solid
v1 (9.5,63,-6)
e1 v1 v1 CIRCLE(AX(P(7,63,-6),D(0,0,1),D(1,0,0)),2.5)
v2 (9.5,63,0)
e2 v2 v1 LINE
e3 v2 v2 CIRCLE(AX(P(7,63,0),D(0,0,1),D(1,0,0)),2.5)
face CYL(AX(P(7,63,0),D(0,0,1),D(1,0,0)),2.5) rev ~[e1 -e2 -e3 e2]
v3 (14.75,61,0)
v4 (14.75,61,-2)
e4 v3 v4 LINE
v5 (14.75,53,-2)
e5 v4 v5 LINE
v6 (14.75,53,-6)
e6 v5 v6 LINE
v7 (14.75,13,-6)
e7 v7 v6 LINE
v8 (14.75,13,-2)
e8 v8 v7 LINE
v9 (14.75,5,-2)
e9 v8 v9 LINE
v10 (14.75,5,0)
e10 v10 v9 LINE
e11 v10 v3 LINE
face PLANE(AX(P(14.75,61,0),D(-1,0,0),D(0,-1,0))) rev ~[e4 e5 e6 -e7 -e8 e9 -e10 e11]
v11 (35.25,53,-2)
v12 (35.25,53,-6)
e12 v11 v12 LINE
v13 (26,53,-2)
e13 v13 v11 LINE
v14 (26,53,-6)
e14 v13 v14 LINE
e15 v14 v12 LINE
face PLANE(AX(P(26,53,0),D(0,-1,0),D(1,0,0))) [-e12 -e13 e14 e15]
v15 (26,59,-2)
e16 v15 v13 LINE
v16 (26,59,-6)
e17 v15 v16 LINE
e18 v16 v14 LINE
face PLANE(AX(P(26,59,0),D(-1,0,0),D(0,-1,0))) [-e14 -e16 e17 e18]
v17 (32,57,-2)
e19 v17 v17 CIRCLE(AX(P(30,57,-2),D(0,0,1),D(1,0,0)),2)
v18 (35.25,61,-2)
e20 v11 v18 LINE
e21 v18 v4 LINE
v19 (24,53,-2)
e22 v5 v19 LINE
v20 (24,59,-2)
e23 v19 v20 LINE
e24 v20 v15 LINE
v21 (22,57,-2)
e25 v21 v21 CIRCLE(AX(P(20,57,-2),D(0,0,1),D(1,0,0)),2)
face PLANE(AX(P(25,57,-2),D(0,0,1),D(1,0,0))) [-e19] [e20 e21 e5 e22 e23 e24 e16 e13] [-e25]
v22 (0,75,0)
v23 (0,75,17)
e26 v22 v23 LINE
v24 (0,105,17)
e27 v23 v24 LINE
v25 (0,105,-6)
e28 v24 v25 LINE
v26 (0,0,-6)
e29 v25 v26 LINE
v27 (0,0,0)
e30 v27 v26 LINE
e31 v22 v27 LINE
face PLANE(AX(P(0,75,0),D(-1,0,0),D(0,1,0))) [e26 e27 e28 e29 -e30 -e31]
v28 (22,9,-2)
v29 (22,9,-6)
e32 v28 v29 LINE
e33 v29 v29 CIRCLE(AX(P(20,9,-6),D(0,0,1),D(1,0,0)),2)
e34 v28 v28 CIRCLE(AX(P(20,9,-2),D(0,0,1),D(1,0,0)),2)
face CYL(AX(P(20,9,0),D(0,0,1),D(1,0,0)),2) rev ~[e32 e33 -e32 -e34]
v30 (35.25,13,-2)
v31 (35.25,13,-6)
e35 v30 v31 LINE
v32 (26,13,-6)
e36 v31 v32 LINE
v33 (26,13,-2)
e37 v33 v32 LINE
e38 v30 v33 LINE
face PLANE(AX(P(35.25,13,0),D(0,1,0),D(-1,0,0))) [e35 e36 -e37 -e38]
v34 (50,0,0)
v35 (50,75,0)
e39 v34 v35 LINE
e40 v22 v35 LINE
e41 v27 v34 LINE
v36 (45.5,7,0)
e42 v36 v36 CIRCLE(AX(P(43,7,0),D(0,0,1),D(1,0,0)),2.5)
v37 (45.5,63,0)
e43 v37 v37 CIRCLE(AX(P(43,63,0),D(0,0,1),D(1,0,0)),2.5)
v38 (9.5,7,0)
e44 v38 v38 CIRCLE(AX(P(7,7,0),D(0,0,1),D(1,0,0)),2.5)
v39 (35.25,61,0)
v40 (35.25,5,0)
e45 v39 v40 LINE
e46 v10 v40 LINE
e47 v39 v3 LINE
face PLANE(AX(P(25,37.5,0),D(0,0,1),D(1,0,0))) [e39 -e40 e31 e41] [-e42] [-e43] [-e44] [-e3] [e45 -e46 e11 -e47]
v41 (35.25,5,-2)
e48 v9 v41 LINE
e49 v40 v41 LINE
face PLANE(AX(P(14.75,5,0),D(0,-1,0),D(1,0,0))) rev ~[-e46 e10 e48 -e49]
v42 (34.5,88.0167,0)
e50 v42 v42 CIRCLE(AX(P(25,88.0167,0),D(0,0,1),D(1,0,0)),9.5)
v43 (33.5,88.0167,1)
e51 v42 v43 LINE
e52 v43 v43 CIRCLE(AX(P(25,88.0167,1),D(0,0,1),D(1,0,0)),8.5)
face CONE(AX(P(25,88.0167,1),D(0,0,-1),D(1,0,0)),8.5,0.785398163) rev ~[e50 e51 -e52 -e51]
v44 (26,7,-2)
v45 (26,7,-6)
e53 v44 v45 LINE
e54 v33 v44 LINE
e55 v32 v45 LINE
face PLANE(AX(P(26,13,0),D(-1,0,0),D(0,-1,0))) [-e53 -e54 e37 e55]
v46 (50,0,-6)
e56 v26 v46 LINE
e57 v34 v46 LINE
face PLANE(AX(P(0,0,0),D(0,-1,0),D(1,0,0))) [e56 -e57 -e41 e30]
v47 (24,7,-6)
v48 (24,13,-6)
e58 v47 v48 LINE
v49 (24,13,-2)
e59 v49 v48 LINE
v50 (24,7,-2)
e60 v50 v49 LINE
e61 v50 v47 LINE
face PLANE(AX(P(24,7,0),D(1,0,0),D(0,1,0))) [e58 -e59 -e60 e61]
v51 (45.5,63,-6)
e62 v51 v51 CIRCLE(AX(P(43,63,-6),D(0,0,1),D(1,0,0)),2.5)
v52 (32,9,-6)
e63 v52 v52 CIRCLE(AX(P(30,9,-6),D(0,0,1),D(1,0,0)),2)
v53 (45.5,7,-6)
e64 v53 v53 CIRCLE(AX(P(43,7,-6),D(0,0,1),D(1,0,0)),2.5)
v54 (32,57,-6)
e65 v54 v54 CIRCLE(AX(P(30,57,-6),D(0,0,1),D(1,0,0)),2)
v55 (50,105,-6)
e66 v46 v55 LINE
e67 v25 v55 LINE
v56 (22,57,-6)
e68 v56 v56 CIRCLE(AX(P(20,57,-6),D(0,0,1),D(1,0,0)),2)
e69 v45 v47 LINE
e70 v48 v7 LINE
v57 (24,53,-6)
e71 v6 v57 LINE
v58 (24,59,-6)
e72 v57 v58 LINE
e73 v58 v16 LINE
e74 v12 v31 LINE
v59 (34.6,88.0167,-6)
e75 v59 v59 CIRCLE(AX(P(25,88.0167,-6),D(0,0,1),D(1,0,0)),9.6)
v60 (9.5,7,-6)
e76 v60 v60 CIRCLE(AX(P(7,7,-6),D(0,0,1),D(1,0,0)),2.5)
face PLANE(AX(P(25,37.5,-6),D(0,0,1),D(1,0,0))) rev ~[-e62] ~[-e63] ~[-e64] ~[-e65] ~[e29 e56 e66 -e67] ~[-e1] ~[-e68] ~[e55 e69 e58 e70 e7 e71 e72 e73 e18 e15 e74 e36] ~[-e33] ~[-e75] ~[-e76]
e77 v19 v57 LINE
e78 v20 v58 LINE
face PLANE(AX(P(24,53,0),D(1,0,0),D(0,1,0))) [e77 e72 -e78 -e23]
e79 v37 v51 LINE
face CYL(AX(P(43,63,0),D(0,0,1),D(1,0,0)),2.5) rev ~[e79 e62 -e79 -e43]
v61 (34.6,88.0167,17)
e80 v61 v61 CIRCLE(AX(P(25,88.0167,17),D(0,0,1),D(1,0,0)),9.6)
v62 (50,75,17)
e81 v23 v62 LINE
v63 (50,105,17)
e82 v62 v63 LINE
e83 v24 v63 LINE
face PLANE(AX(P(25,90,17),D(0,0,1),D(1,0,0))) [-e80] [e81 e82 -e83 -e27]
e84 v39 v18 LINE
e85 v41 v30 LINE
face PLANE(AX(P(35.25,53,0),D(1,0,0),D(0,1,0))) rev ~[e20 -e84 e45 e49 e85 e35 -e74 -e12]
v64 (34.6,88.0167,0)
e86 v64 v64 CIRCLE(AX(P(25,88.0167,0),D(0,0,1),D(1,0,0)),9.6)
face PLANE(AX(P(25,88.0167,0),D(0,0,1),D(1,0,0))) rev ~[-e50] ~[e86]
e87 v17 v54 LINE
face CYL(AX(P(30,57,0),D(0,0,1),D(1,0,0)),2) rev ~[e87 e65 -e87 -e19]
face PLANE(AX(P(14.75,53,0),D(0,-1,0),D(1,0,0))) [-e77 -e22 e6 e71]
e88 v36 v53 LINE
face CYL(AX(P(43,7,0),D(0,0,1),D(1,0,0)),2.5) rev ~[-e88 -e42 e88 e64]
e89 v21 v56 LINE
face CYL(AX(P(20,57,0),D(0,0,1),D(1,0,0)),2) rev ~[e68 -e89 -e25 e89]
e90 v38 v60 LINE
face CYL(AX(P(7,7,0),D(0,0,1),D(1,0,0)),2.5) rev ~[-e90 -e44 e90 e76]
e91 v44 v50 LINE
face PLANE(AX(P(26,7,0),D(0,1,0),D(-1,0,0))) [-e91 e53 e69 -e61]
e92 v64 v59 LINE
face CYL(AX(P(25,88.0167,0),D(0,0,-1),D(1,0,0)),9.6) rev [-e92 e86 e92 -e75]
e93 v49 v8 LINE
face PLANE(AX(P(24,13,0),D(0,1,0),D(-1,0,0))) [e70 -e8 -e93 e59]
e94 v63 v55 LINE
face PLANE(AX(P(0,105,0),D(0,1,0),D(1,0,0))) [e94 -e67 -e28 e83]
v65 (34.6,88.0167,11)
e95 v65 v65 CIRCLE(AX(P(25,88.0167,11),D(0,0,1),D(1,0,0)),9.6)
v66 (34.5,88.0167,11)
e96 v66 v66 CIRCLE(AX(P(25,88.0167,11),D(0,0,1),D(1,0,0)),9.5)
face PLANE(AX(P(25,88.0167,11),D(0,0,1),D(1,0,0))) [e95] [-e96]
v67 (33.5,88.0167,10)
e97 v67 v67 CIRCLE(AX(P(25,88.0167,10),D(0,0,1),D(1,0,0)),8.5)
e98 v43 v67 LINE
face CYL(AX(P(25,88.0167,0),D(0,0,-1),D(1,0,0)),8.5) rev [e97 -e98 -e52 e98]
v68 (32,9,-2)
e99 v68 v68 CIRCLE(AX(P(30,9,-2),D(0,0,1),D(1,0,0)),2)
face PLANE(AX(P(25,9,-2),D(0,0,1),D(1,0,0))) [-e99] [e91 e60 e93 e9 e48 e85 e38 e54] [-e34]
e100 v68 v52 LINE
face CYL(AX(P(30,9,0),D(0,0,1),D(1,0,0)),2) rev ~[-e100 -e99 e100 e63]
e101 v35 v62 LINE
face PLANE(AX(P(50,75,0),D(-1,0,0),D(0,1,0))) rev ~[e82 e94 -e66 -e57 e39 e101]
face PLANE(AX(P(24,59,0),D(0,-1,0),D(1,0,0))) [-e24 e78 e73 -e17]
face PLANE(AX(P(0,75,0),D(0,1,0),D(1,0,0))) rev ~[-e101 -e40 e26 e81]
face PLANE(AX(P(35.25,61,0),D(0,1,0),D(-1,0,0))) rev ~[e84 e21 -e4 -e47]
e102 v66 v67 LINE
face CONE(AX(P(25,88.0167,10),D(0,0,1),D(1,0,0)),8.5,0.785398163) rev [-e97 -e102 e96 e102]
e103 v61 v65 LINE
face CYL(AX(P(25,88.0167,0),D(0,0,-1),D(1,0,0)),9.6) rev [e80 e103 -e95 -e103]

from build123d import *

# Parameters (mm, degrees)
F0_W     = 50
F0_H     = 75
F0_R     = 2.5
F0_R_2   = 2
F0_H_2   = 30
F0_R_3   = 9.6
F1_DEPTH = 6
F2_DEPTH = 2
F3_DEPTH = 17
F0_R_4   = 8.5
F4_DEPTH = 11
F5_SIZE  = 1


with BuildPart() as f1:
    # F0 (on Top) → F1 (new body)
    with BuildSketch(Plane.XY):
        with Locations((25, 37.5)):
            Rectangle(F0_W, F0_H)
        with Locations((7, 7)):
            Circle(F0_R, mode=Mode.SUBTRACT)
        with Locations((43, 7)):
            Circle(F0_R, mode=Mode.SUBTRACT)
        Polygon((35.25, 5), (14.75, 5), (14.75, 13), (14.75, 53), (14.75, 61), (35.25, 61), (35.25, 53), (35.25, 13), align=None, mode=Mode.SUBTRACT)
        with Locations((7, 63)):
            Circle(F0_R, mode=Mode.SUBTRACT)
        with Locations((43, 63)):
            Circle(F0_R, mode=Mode.SUBTRACT)
        Polygon((14.75, 61), (14.75, 53), (24, 53), (24, 59), (26, 59), (26, 53), (35.25, 53), (35.25, 61), align=None)
        with Locations((20, 57)):
            Circle(F0_R_2, mode=Mode.SUBTRACT)
        with Locations((30, 57)):
            Circle(F0_R_2, mode=Mode.SUBTRACT)
        Polygon((14.75, 13), (14.75, 5), (35.25, 5), (35.25, 13), (26, 13), (26, 7), (24, 7), (24, 13), align=None)
        with Locations((20, 9)):
            Circle(F0_R_2, mode=Mode.SUBTRACT)
        with Locations((30, 9)):
            Circle(F0_R_2, mode=Mode.SUBTRACT)
        with Locations((25, 90)):
            Rectangle(F0_W, F0_H_2)
        with Locations((25, 88.0167)):
            Circle(F0_R_3, mode=Mode.SUBTRACT)
    extrude(amount=-F1_DEPTH)

    # F0 (on Top) → F2 (cut)
    with BuildSketch(Plane.XY):
        Polygon((14.75, 61), (14.75, 53), (24, 53), (24, 59), (26, 59), (26, 53), (35.25, 53), (35.25, 61), align=None)
        with Locations((20, 57)):
            Circle(F0_R_2, mode=Mode.SUBTRACT)
        with Locations((30, 57)):
            Circle(F0_R_2, mode=Mode.SUBTRACT)
        Polygon((14.75, 13), (14.75, 5), (35.25, 5), (35.25, 13), (26, 13), (26, 7), (24, 7), (24, 13), align=None)
        with Locations((20, 9)):
            Circle(F0_R_2, mode=Mode.SUBTRACT)
        with Locations((30, 9)):
            Circle(F0_R_2, mode=Mode.SUBTRACT)
    extrude(amount=-F2_DEPTH, mode=Mode.SUBTRACT)

    # F0 (on Top) → F3 (join)
    with BuildSketch(Plane.XY):
        with Locations((25, 90)):
            Rectangle(F0_W, F0_H_2)
        with Locations((25, 88.0167)):
            Circle(F0_R_3, mode=Mode.SUBTRACT)
    extrude(amount=F3_DEPTH)

    # F0 (on Top) → F4 (join)
    with BuildSketch(Plane.XY):
        with Locations((25, 88.0167)):
            Circle(F0_R_3)
        with Locations((25, 88.0167)):
            Circle(F0_R_4, mode=Mode.SUBTRACT)
    extrude(amount=F4_DEPTH)

    # F5
    f5_edges = [f1.edges().sort_by_distance(p)[0] for p in [
        (16.5, 88.0167, 11),
        (16.5, 88.0167, 0),
    ]]
    chamfer(f5_edges, length=F5_SIZE)


solid = f1.part
